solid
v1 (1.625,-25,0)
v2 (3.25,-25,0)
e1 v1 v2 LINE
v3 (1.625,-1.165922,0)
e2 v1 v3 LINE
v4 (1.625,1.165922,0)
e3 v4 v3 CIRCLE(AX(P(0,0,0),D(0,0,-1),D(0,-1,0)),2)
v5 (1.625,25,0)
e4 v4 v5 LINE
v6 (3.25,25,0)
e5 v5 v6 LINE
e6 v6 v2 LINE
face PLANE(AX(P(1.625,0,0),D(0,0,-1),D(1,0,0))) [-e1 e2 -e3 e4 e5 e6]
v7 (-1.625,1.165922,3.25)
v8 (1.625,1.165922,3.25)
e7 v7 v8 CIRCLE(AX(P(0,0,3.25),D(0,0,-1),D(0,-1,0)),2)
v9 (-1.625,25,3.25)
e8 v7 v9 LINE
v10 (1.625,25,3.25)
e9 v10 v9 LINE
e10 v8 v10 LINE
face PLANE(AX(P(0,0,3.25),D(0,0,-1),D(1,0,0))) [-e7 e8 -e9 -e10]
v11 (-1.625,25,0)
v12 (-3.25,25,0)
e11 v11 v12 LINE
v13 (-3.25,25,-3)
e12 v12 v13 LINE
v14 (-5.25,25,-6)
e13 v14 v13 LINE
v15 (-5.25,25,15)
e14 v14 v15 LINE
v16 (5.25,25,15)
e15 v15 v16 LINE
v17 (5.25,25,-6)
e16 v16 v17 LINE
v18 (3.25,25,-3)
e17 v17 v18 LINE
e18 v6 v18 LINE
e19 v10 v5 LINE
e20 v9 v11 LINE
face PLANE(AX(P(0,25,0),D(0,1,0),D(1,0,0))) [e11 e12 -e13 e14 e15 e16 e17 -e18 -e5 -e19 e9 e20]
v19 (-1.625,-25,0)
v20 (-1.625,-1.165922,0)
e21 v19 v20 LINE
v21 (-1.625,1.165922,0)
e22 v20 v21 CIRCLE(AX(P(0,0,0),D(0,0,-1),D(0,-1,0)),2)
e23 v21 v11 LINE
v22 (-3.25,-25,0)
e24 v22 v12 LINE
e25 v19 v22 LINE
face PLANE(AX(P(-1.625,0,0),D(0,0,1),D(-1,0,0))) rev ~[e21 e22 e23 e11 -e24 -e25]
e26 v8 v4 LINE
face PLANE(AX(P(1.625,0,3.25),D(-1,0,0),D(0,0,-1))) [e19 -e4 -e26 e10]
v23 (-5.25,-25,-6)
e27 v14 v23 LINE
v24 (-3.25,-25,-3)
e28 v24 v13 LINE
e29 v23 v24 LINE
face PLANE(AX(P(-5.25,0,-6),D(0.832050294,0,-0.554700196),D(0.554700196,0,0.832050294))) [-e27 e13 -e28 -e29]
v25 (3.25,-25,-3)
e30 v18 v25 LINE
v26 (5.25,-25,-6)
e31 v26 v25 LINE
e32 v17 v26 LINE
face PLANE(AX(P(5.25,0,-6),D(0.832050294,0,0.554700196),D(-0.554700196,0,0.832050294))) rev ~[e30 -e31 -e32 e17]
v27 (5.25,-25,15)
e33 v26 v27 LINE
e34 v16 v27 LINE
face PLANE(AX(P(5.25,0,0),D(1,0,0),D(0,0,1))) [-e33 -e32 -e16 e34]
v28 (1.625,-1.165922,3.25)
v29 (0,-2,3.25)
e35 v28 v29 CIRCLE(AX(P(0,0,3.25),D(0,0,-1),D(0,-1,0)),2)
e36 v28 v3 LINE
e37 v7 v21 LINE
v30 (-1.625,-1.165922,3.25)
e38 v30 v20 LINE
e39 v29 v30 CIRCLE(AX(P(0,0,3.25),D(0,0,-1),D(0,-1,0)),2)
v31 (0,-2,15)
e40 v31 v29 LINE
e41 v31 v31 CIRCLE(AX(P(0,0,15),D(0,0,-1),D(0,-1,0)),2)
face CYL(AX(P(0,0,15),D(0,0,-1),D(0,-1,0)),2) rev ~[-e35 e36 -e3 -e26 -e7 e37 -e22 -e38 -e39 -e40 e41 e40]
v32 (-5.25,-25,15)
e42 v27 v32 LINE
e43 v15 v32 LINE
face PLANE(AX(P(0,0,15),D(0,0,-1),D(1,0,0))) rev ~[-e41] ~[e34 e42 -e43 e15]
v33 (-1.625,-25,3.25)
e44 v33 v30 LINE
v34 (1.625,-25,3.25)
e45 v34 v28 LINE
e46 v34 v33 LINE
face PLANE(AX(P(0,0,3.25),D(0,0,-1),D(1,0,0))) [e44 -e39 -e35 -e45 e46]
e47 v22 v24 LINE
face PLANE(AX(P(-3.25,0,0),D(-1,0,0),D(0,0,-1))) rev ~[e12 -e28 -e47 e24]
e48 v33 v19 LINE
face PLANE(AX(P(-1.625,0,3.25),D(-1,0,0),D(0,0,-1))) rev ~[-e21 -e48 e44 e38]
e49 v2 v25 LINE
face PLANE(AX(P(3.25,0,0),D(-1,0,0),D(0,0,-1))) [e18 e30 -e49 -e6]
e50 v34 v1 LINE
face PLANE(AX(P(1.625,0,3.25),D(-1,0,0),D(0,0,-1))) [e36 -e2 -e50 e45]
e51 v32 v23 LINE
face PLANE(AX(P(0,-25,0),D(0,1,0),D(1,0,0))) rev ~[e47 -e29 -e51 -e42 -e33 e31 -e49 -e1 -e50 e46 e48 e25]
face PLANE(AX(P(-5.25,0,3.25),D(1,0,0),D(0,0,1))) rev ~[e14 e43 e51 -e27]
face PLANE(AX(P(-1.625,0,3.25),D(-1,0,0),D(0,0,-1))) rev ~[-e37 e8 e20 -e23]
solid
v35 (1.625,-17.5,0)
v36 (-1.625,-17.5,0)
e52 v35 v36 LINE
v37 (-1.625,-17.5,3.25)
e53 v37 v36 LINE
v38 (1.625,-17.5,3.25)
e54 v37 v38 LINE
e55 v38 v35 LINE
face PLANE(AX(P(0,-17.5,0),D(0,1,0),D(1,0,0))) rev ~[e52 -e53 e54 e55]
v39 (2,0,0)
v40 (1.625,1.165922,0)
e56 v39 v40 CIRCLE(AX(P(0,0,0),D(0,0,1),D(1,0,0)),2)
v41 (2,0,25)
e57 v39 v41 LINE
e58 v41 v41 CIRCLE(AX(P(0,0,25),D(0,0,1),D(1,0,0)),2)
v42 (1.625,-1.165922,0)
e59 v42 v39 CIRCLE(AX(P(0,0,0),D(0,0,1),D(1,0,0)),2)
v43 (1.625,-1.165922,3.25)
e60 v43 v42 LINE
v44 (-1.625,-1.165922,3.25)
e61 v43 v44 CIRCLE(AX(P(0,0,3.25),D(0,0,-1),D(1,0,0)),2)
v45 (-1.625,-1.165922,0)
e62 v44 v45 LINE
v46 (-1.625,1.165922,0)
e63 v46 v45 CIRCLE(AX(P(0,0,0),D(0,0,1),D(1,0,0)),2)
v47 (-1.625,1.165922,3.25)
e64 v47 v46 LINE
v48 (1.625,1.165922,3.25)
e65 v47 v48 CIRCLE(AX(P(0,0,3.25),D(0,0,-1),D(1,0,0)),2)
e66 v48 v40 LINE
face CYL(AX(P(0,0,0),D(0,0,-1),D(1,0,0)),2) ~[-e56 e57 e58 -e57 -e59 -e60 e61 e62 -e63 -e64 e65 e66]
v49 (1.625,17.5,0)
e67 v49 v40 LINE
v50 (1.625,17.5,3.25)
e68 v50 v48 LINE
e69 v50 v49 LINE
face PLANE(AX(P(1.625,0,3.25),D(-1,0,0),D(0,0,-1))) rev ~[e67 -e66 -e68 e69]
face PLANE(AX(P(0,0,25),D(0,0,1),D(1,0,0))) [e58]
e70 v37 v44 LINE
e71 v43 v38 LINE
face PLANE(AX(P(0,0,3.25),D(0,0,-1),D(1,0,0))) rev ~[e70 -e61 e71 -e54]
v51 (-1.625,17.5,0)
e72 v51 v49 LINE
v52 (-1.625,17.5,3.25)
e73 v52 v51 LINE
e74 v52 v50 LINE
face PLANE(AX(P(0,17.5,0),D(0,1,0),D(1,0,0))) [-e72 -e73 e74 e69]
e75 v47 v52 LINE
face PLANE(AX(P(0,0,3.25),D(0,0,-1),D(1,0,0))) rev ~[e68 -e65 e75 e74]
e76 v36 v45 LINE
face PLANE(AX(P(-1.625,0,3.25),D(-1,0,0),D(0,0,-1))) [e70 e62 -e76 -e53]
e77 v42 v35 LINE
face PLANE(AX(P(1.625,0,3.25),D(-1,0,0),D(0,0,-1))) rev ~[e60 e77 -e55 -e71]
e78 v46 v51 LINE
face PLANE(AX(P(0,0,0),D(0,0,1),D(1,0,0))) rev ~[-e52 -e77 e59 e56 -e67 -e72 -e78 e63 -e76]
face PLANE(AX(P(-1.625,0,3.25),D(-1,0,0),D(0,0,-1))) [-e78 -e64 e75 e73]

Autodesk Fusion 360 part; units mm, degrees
sketch "Sketch1" plane through (0, 0, 0) normal (0, 1, 0) x (1, 0, 0) in component "Servo Actuator"
  line L0 (0, 0) -> (3.25, 0)
  line L1 (3.25, 0) -> (3.25, 3)
  line L2 (3.25, 0) -> (5.25, 0)
  line L3 (5.25, 0) -> (5.25, 6)
  line L4 (5.25, 6) -> (3.25, 3)
  line L5 (0, 0) -> (0, -3.25)
  line L6 (0, -3.25) -> (1.625, -3.25)
  line L7 (1.625, -3.25) -> (1.625, 0)
  line L8 (5.25, 0) -> (5.25, -3.25)
  line L9 (5.25, -3.25) -> (1.625, -3.25)
  line L10 (0, -3.25) -> (0, -5.75)
  line L11 (5.25, -3.25) -> (5.25, -5.75)
  line L12 (5.25, -5.75) -> (0, -5.75)
  line L13 (0, -5.75) -> (0, -35)
  line L14 (0, -35) -> (5.25, -35)
  line L15 (5.25, -35) -> (5.25, -5.75)
  line L16 (-5.25, 0) -> (-5.25, -3.25)
  line L17 (0, 0) -> (-3.25, 0)
  line L18 (-5.25, -5.75) -> (0, -5.75)
  line L19 (-5.25, -35) -> (-5.25, -5.75)
  line L20 (-5.25, -3.25) -> (-5.25, -5.75)
  line L21 (-1.625, -3.25) -> (-1.625, 0)
  line L22 (-5.25, 6) -> (-3.25, 3)
  line L23 (-5.25, 0) -> (-5.25, 6)
  line L24 (-3.25, 0) -> (-5.25, 0)
  line L25 (0, -35) -> (-5.25, -35)
  line L26 (0, -3.25) -> (-1.625, -3.25)
  line L27 (-3.25, 0) -> (-3.25, 3)
  line L28 (-5.25, -3.25) -> (-1.625, -3.25)
  dimension "d1" = 3.25
  dimension "d2" = 3
  dimension "d6" = 2
  dimension "d7" = 6
  dimension "d8" = 3.25
  dimension "d9" = 1.625
  dimension "d10" = 3.25
  dimension "d12" = 2.5
  dimension "d13" = 2.5
  dimension "d14" = 29.25
  dimension "d15" = 5.25
extrude "Extrude1" add sketch "Sketch1" along normal mid plane 50 contours L0 L2 L7 L8 L9 | L6 L9 L10 L11 L12 | L10 L18 L20 L26 L28 | L16 L17 L21 L24 L28 | L1 L2 L3 L4 | L12 L13 L14 L15 | L13 L18 L19 L25 | L22 L23 L24 L27 makes body 1 in component "Servo Actuator"
extrude "Extrude2" cut 1 faces at (-1.75, -8.3333, 35) along direction (0, 0, -1) blind 20 on bodies 1 bodies 1 in component "Servo Actuator"
hole "Hole1" at (0, 0, 15) direction (0, 0, -1) diameter 4 depth 25 tip angle 118 bodies 1 in component "Servo Actuator"
extrude "Extrude3" add sketch "Sketch1" along normal mid plane 35 separate body contours L0 L5 L6 L7 | L5 L17 L21 L26 makes body 2 in component "Servo Actuator"
sketch "Sketch2" plane through (0, 0, 0) normal (0, 0, 1) x (1, 0, 0) in component "Servo Actuator"
  circle A0 centre (0, 0) radius 2
  dimension "d27" = 4
extrude "Extrude4" add sketch "Sketch2" along normal blind 25 bodies 2 in component "Servo Actuator"
component "Servo Actuator" placed x (1, 0, 0) y (0, 1, 0) z (0, 0, 1) at (0, 0, 0)
equation "d9 = ( 3.25 / 2 ) * 1 mm"
equation "d25 = ( 35 / 2 ) * 1 mm"
